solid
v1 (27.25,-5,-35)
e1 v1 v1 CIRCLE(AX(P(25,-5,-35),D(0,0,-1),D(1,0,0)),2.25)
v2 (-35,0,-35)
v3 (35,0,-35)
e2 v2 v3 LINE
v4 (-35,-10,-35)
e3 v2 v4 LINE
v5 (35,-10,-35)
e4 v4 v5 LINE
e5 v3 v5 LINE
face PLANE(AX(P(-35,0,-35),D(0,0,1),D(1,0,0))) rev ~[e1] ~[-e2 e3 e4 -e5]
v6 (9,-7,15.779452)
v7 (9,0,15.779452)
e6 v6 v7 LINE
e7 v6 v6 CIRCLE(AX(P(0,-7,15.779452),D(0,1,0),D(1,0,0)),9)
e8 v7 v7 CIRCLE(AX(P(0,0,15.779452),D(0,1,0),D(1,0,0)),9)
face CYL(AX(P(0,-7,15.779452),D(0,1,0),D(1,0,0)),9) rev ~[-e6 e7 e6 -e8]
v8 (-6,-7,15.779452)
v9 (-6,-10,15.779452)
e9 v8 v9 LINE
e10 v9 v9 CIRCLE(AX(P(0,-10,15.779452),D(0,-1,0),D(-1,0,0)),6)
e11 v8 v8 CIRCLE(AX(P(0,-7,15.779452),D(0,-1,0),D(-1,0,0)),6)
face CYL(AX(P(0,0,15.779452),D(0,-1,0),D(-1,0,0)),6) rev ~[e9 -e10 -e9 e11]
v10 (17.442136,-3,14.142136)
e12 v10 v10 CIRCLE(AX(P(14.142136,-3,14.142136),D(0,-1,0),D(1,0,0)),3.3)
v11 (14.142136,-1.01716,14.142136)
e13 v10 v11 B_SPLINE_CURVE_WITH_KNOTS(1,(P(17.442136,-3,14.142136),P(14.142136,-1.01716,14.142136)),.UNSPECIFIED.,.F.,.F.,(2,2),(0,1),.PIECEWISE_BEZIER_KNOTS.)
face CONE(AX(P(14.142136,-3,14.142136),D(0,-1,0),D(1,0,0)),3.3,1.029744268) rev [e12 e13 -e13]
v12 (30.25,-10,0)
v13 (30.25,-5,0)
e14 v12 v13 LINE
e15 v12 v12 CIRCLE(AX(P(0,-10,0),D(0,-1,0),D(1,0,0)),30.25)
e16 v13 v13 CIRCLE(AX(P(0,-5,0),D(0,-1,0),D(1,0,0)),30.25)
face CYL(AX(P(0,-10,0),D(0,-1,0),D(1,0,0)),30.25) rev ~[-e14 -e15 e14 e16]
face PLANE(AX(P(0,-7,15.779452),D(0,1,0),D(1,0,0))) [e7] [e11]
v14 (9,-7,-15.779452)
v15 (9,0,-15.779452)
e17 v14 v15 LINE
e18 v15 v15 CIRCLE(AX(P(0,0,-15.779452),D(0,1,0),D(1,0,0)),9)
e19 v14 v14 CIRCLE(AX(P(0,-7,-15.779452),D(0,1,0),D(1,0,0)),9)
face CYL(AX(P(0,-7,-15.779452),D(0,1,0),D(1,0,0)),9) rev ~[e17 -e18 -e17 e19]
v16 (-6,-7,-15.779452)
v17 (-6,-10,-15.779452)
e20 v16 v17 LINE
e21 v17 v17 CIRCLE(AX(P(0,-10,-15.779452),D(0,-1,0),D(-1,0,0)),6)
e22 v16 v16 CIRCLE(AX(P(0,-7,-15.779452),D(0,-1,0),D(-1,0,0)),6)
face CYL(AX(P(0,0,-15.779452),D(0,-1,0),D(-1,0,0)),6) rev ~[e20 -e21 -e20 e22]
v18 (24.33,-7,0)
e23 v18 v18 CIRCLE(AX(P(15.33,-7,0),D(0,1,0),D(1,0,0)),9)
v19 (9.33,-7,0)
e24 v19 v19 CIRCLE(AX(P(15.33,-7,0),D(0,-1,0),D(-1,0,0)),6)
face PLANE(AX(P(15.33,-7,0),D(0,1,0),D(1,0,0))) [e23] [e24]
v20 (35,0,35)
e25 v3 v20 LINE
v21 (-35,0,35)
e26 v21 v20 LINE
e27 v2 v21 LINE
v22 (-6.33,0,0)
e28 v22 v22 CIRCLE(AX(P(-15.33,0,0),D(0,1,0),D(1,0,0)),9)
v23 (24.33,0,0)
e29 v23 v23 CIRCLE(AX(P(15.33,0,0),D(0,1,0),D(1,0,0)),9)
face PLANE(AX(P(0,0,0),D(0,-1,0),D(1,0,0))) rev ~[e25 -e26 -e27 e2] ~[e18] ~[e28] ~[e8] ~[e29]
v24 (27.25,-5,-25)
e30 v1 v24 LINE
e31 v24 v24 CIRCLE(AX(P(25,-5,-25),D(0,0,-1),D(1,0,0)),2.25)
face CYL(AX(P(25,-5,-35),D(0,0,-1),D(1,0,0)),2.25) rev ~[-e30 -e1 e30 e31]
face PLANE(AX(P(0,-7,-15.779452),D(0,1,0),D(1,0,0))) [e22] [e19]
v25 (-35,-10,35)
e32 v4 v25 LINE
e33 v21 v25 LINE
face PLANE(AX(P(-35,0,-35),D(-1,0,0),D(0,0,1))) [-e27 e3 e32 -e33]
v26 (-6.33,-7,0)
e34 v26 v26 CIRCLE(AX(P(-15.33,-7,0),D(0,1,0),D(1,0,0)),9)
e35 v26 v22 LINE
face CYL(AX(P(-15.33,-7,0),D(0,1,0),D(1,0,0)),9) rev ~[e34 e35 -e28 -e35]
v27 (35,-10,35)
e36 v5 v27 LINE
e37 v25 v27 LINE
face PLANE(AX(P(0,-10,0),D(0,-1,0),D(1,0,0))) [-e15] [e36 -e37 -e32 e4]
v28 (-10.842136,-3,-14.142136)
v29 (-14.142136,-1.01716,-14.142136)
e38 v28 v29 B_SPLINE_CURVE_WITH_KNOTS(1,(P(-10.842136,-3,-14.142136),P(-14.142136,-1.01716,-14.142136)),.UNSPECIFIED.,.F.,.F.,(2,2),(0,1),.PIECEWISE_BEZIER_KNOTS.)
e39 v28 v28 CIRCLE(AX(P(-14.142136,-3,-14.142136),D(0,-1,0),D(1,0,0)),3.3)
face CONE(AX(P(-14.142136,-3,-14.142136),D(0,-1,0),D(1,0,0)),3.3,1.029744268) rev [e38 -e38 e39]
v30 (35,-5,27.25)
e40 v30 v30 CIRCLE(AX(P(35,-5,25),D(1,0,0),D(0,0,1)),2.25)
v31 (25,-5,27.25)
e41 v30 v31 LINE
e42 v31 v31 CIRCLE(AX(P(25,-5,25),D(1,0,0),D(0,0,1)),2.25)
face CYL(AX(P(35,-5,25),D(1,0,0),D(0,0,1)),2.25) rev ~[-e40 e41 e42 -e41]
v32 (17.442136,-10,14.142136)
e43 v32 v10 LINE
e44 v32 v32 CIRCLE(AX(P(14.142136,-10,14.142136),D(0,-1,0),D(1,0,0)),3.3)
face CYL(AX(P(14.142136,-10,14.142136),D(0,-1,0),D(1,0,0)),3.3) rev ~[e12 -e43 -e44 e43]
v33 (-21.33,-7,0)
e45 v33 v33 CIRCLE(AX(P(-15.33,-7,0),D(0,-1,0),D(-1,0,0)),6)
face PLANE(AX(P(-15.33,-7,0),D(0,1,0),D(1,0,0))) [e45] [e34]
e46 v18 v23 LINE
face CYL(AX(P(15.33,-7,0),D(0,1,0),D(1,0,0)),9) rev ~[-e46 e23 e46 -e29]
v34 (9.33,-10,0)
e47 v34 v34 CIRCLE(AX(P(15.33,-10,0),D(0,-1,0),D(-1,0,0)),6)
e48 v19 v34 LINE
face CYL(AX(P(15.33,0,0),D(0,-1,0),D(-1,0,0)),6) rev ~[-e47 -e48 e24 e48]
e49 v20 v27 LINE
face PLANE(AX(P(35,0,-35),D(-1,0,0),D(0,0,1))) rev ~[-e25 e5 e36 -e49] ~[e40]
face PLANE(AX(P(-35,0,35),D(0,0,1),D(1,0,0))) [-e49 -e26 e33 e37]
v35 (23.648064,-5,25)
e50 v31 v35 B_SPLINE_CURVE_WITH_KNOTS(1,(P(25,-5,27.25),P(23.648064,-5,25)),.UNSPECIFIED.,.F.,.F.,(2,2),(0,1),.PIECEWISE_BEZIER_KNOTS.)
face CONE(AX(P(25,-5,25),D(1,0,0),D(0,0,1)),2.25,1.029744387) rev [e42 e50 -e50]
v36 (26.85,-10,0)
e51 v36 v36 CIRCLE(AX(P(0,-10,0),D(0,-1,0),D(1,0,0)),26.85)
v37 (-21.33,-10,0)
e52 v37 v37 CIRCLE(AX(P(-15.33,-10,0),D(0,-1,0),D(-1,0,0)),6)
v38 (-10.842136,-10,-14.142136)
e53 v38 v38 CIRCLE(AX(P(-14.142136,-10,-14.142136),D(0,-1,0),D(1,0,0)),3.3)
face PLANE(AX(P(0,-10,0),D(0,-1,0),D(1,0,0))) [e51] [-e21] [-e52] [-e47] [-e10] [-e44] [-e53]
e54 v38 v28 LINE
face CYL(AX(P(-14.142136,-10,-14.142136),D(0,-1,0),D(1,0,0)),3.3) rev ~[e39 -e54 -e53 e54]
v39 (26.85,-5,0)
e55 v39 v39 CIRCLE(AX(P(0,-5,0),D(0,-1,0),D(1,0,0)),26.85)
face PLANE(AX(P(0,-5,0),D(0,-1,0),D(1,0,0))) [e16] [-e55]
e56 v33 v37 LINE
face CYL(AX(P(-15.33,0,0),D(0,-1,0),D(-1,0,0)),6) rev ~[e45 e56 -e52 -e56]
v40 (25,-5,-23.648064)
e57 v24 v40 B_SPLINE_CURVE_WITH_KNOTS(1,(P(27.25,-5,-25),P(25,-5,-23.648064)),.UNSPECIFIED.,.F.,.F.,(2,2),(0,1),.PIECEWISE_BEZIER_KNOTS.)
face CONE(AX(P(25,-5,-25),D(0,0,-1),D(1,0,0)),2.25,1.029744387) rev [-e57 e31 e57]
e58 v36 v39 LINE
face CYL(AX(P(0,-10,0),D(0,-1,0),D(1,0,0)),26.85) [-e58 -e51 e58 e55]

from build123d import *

# Parameters (mm, degrees)
SKETCH_W            = 70
SKETCH_H            = 70
PAD_DEPTH           = 10
SKETCH001_R         = 30.25
SKETCH001_R_2       = 26.85
POCKET_DEPTH        = 5
SKETCH003_R         = 2.25
HOLE_DEPTH          = 10
HOLE_TIPS_R         = 2.25
SKETCH004_R         = 2.25
HOLE001_DEPTH       = 10
HOLE001_TIPS_R      = 2.25
HOLE002_D           = 12
HOLE002_CBORE_D     = 18
HOLE002_CBORE_DEPTH = 7
SKETCH007_R         = 3.3
HOLE003_DEPTH       = 7
HOLE003_TIPS_R      = 3.3


with BuildPart() as part:
    # Sketch → Pad (new body)
    with BuildSketch(Plane.XZ):
        Rectangle(SKETCH_W, SKETCH_H)
    extrude(amount=PAD_DEPTH)

    # Sketch001 (on Face6 of Pad) → Pocket (cut)
    with BuildSketch(Plane.XZ.offset(10)):
        Circle(SKETCH001_R)
        Circle(SKETCH001_R_2, mode=Mode.SUBTRACT)
    extrude(amount=-POCKET_DEPTH, mode=Mode.SUBTRACT)

    # Sketch003 (on Face3 of Pocket) → Hole (cut)
    with BuildSketch(Plane(origin=(35, 0, 0), x_dir=(0, 0, 1), z_dir=(1, 0, 0))):
        with Locations((25, 5)):
            Circle(SKETCH003_R)
    extrude(amount=-HOLE_DEPTH, mode=Mode.SUBTRACT)

    # Hole tips → Hole tip 1 section 0
    with BuildSketch(Plane(origin=(25, 0, 0), x_dir=(0, 0, 1), z_dir=(1, 0, 0)), mode=Mode.PRIVATE) as hole_tip_1_s0:
        with Locations((25, 5)):
            Circle(HOLE_TIPS_R)
    loft([hole_tip_1_s0.sketch, Vertex(23.648064, -5, 25)], mode=Mode.SUBTRACT)

    # Sketch004 (on Face6 of Hole) → Hole001 (cut)
    with BuildSketch(Plane(origin=(0, 0, -35), x_dir=(1, 0, 0), z_dir=(0, 0, -1))):
        with Locations((25, 5)):
            Circle(SKETCH004_R)
    extrude(amount=-HOLE001_DEPTH, mode=Mode.SUBTRACT)

    # Hole001 tips → Hole001 tip 1 section 0
    with BuildSketch(Plane(origin=(0, 0, -25), x_dir=(1, 0, 0), z_dir=(0, 0, -1)), mode=Mode.PRIVATE) as hole001_tip_1_s0:
        with Locations((25, 5)):
            Circle(HOLE001_TIPS_R)
    loft([hole001_tip_1_s0.sketch, Vertex(25, -5, -23.648064)], mode=Mode.SUBTRACT)

    # Hole002 (through all)
    with Locations(Plane(origin=(0, 0, 0), x_dir=(1, 0, 0), z_dir=(0, 1, 0))):
        with Locations((15.33, 0), (0, -15.779452), (0, 15.779452), (-15.33, 0)):
            CounterBoreHole(HOLE002_D / 2, HOLE002_CBORE_D / 2, HOLE002_CBORE_DEPTH)

    # Sketch007 (on Face5 of Hole002) → Hole003 (cut)
    with BuildSketch(Plane.XZ.offset(10)):
        with Locations((14.142136, 14.142136)):
            Circle(SKETCH007_R)
        with Locations((-14.142136, -14.142136)):
            Circle(SKETCH007_R)
    extrude(amount=-HOLE003_DEPTH, mode=Mode.SUBTRACT)

    # Hole003 tips → Hole003 tip 1 section 0
    with BuildSketch(Plane.XZ.offset(3), mode=Mode.PRIVATE) as hole003_tip_1_s0:
        with Locations((14.142136, 14.142136)):
            Circle(HOLE003_TIPS_R)
    loft([hole003_tip_1_s0.sketch, Vertex(14.142136, -1.01716, 14.142136)], mode=Mode.SUBTRACT)

    # Hole003 tips → Hole003 tip 2 section 0
    with BuildSketch(Plane.XZ.offset(3), mode=Mode.PRIVATE) as hole003_tip_2_s0:
        with Locations((-14.142136, -14.142136)):
            Circle(HOLE003_TIPS_R)
    loft([hole003_tip_2_s0.sketch, Vertex(-14.142136, -1.01716, -14.142136)], mode=Mode.SUBTRACT)


solid = part.part
